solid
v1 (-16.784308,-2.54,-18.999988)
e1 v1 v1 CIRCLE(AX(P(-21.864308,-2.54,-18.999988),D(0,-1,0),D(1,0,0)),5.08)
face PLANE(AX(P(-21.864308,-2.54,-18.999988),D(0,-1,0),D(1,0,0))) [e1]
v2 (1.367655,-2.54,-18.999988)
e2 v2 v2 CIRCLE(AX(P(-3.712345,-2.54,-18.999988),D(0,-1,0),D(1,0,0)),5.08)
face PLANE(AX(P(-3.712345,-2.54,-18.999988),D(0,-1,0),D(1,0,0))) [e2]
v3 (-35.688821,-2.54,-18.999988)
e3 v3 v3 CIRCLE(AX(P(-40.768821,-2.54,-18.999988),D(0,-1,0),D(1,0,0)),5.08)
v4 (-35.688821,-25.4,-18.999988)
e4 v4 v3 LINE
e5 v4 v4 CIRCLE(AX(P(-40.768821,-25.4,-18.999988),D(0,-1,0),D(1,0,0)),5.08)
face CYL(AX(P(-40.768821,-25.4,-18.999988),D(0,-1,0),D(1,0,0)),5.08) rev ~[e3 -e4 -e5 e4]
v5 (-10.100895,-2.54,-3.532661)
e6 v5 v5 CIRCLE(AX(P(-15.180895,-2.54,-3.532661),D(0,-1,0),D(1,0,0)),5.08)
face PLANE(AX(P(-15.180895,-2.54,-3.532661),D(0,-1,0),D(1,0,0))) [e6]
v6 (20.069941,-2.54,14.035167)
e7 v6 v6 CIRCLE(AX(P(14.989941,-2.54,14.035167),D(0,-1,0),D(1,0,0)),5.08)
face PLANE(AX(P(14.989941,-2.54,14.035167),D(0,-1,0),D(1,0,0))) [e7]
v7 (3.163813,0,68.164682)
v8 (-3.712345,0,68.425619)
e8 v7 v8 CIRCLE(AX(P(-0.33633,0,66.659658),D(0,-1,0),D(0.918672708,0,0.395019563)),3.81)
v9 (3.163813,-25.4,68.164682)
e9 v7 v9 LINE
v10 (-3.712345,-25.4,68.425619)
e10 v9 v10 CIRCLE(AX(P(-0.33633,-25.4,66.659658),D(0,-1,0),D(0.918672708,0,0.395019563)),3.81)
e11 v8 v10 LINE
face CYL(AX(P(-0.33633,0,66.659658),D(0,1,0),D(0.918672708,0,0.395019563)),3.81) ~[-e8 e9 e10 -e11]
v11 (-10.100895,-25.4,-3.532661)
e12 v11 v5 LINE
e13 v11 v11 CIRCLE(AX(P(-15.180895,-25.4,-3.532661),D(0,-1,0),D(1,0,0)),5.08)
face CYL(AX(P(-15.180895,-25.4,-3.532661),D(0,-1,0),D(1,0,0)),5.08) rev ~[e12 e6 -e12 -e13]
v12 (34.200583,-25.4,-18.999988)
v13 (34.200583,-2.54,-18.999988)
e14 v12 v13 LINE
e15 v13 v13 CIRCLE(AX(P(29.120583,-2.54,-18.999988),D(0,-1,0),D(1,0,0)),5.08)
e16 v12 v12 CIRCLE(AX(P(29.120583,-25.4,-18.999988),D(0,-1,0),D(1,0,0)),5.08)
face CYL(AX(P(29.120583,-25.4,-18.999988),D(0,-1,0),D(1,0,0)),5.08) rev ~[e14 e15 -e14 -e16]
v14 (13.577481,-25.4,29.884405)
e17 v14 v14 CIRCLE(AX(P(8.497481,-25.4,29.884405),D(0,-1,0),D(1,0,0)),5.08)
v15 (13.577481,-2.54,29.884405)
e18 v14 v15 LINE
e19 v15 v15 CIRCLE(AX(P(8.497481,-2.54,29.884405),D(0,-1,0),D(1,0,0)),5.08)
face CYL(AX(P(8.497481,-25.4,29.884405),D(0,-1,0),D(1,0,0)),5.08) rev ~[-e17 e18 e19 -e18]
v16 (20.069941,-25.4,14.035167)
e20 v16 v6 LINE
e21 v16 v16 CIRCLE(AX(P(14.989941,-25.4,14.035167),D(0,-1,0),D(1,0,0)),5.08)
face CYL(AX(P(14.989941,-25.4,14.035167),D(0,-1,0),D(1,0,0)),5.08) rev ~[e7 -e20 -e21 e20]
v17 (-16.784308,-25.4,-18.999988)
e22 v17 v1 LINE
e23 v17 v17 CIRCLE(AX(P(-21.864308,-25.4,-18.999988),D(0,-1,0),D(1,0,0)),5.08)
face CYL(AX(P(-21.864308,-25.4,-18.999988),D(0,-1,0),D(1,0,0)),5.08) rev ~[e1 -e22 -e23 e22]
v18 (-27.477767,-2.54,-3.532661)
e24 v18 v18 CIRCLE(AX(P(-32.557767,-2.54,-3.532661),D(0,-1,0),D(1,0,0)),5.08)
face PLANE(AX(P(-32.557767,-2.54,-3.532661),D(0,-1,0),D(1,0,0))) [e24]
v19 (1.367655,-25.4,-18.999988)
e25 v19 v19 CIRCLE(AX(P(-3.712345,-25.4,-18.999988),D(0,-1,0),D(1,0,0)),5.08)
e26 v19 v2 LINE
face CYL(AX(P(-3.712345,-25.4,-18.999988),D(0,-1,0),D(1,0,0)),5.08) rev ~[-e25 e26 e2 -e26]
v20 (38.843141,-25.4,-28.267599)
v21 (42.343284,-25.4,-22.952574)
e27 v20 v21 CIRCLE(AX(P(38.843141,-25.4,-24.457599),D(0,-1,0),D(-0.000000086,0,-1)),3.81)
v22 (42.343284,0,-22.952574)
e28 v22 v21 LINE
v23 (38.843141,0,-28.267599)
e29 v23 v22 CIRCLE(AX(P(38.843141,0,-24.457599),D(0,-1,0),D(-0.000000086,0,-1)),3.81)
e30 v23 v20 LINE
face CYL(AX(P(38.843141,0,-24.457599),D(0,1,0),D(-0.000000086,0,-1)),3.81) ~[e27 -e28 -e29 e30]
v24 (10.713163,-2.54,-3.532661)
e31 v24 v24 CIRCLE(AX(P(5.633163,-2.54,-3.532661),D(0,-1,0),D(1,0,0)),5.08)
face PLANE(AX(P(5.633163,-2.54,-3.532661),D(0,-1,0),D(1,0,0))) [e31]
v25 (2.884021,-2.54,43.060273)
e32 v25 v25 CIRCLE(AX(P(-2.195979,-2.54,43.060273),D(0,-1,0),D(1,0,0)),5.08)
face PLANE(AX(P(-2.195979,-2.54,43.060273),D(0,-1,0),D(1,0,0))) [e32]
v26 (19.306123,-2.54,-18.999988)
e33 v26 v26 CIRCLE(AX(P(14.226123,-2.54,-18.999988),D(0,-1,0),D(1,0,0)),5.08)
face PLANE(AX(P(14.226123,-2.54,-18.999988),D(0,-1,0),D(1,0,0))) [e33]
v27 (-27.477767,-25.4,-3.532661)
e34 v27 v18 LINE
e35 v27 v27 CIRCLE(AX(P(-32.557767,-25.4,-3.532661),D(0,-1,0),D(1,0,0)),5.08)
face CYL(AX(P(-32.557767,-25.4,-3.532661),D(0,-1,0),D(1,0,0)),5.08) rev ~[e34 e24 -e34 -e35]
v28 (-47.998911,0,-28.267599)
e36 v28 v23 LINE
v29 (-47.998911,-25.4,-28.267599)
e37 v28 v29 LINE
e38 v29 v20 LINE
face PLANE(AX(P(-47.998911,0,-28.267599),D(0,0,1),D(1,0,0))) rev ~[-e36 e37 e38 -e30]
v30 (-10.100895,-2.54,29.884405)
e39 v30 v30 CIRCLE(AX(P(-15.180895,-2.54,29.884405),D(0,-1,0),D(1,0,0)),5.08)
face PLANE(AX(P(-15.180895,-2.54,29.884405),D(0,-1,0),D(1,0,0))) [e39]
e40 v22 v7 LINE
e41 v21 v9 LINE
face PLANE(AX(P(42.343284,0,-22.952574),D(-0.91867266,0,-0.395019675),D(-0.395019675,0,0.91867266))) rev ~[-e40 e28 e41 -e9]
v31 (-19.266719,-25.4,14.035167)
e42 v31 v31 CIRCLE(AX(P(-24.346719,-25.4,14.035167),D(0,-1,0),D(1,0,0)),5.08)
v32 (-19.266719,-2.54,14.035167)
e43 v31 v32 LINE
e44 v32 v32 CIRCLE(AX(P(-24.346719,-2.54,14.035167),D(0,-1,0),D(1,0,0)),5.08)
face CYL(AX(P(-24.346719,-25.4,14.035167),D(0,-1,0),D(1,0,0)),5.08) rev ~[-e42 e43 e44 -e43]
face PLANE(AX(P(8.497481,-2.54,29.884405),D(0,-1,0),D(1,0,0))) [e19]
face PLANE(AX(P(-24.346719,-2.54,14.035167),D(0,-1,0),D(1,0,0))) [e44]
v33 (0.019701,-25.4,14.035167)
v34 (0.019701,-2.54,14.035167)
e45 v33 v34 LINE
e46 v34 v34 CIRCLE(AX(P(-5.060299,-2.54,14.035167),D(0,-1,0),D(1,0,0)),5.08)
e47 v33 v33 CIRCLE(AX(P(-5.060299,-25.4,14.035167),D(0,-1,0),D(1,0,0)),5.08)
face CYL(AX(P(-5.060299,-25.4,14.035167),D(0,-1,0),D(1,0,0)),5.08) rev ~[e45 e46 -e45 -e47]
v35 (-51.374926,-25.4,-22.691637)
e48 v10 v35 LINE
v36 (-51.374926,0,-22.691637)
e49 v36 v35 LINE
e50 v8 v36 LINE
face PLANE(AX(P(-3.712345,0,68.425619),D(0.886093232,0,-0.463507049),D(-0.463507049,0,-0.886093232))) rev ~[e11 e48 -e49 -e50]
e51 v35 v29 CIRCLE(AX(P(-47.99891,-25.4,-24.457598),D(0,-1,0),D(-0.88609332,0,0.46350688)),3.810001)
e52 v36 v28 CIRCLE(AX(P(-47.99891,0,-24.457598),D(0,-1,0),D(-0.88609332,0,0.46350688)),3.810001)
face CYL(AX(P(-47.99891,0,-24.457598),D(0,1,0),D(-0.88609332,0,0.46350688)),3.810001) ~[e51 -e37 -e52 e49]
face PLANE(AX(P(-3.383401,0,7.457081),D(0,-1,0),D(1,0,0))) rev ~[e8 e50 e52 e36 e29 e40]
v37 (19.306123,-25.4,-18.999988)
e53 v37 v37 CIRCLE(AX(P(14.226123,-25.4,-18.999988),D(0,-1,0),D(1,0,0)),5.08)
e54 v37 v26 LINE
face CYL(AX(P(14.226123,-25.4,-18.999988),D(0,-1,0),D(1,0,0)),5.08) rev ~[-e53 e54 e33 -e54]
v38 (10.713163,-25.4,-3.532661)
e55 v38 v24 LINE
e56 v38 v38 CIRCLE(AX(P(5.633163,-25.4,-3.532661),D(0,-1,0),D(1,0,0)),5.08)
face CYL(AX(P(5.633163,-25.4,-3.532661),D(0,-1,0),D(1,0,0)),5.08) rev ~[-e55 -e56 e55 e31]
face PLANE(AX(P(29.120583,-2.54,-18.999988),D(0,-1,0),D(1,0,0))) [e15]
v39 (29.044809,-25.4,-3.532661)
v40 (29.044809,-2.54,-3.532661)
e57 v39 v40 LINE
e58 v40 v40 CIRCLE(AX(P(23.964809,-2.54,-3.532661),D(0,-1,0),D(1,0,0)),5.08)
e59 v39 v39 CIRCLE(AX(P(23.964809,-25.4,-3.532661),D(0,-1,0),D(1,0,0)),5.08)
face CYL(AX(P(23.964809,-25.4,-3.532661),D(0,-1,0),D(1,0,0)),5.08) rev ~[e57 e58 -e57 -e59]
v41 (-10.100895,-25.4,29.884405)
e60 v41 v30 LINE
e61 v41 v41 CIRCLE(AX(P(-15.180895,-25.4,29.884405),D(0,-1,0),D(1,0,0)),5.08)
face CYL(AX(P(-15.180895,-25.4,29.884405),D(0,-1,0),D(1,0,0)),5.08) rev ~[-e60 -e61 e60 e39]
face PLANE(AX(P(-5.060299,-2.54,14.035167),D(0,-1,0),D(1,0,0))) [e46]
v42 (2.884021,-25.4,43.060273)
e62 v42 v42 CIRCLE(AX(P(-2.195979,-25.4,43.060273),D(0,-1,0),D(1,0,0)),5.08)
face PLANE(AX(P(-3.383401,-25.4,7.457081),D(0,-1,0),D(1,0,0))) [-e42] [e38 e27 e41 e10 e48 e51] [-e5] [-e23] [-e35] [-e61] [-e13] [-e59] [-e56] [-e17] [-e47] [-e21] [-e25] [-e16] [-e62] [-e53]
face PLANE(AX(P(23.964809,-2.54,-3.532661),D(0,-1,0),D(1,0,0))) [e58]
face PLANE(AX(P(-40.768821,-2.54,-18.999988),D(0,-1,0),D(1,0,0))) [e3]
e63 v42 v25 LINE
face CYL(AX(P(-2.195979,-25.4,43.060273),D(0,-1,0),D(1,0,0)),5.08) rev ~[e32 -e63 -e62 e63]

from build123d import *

# Parameters (mm, degrees)
F1_DEPTH = 25.4
F2_R     = 5.08
F3_DEPTH = 22.86


with BuildPart() as f1:
    # F0 (on Front) → F1 (new body)
    with BuildSketch(Plane.XZ):
        with BuildLine():
            ThreePointArc((3.163813, 68.164682), (-0.191852, 70.466917), (-3.712345, 68.425619))
            Line((-3.712345, 68.425619), (-51.374926, -22.691637))
            ThreePointArc((-51.374926, -22.691637), (-51.258083, -26.430894), (-47.998911, -28.267599))
            Line((-47.998911, -28.267599), (38.843141, -28.267599))
            ThreePointArc((38.843141, -28.267599), (42.025141, -26.553065), (42.343284, -22.952574))
            Line((42.343284, -22.952574), (3.163813, 68.164682))
        make_face()
    extrude(amount=F1_DEPTH)

    # F2 (on face) → F3 (cut)
    with BuildSketch(Plane.XZ.offset(25.4)):
        with Locations((-24.346719, 14.035167)):
            Circle(F2_R)
        with Locations((-15.180895, 29.884405)):
            Circle(F2_R)
        with Locations((-2.195979, 43.060273)):
            Circle(F2_R)
        with Locations((-3.712345, -18.999988)):
            Circle(F2_R)
        with Locations((14.226123, -18.999988)):
            Circle(F2_R)
        with Locations((29.120583, -18.999988)):
            Circle(F2_R)
        with Locations((-21.864308, -18.999988)):
            Circle(F2_R)
        with Locations((-40.768821, -18.999988)):
            Circle(F2_R)
        with Locations((-32.557767, -3.532661)):
            Circle(F2_R)
        with Locations((-15.180895, -3.532661)):
            Circle(F2_R)
        with Locations((5.633163, -3.532661)):
            Circle(F2_R)
        with Locations((23.964809, -3.532661)):
            Circle(F2_R)
        with Locations((14.989941, 14.035167)):
            Circle(F2_R)
        with Locations((-5.060299, 14.035167)):
            Circle(F2_R)
        with Locations((8.497481, 29.884405)):
            Circle(F2_R)
    extrude(amount=-F3_DEPTH, mode=Mode.SUBTRACT)


solid = f1.part
